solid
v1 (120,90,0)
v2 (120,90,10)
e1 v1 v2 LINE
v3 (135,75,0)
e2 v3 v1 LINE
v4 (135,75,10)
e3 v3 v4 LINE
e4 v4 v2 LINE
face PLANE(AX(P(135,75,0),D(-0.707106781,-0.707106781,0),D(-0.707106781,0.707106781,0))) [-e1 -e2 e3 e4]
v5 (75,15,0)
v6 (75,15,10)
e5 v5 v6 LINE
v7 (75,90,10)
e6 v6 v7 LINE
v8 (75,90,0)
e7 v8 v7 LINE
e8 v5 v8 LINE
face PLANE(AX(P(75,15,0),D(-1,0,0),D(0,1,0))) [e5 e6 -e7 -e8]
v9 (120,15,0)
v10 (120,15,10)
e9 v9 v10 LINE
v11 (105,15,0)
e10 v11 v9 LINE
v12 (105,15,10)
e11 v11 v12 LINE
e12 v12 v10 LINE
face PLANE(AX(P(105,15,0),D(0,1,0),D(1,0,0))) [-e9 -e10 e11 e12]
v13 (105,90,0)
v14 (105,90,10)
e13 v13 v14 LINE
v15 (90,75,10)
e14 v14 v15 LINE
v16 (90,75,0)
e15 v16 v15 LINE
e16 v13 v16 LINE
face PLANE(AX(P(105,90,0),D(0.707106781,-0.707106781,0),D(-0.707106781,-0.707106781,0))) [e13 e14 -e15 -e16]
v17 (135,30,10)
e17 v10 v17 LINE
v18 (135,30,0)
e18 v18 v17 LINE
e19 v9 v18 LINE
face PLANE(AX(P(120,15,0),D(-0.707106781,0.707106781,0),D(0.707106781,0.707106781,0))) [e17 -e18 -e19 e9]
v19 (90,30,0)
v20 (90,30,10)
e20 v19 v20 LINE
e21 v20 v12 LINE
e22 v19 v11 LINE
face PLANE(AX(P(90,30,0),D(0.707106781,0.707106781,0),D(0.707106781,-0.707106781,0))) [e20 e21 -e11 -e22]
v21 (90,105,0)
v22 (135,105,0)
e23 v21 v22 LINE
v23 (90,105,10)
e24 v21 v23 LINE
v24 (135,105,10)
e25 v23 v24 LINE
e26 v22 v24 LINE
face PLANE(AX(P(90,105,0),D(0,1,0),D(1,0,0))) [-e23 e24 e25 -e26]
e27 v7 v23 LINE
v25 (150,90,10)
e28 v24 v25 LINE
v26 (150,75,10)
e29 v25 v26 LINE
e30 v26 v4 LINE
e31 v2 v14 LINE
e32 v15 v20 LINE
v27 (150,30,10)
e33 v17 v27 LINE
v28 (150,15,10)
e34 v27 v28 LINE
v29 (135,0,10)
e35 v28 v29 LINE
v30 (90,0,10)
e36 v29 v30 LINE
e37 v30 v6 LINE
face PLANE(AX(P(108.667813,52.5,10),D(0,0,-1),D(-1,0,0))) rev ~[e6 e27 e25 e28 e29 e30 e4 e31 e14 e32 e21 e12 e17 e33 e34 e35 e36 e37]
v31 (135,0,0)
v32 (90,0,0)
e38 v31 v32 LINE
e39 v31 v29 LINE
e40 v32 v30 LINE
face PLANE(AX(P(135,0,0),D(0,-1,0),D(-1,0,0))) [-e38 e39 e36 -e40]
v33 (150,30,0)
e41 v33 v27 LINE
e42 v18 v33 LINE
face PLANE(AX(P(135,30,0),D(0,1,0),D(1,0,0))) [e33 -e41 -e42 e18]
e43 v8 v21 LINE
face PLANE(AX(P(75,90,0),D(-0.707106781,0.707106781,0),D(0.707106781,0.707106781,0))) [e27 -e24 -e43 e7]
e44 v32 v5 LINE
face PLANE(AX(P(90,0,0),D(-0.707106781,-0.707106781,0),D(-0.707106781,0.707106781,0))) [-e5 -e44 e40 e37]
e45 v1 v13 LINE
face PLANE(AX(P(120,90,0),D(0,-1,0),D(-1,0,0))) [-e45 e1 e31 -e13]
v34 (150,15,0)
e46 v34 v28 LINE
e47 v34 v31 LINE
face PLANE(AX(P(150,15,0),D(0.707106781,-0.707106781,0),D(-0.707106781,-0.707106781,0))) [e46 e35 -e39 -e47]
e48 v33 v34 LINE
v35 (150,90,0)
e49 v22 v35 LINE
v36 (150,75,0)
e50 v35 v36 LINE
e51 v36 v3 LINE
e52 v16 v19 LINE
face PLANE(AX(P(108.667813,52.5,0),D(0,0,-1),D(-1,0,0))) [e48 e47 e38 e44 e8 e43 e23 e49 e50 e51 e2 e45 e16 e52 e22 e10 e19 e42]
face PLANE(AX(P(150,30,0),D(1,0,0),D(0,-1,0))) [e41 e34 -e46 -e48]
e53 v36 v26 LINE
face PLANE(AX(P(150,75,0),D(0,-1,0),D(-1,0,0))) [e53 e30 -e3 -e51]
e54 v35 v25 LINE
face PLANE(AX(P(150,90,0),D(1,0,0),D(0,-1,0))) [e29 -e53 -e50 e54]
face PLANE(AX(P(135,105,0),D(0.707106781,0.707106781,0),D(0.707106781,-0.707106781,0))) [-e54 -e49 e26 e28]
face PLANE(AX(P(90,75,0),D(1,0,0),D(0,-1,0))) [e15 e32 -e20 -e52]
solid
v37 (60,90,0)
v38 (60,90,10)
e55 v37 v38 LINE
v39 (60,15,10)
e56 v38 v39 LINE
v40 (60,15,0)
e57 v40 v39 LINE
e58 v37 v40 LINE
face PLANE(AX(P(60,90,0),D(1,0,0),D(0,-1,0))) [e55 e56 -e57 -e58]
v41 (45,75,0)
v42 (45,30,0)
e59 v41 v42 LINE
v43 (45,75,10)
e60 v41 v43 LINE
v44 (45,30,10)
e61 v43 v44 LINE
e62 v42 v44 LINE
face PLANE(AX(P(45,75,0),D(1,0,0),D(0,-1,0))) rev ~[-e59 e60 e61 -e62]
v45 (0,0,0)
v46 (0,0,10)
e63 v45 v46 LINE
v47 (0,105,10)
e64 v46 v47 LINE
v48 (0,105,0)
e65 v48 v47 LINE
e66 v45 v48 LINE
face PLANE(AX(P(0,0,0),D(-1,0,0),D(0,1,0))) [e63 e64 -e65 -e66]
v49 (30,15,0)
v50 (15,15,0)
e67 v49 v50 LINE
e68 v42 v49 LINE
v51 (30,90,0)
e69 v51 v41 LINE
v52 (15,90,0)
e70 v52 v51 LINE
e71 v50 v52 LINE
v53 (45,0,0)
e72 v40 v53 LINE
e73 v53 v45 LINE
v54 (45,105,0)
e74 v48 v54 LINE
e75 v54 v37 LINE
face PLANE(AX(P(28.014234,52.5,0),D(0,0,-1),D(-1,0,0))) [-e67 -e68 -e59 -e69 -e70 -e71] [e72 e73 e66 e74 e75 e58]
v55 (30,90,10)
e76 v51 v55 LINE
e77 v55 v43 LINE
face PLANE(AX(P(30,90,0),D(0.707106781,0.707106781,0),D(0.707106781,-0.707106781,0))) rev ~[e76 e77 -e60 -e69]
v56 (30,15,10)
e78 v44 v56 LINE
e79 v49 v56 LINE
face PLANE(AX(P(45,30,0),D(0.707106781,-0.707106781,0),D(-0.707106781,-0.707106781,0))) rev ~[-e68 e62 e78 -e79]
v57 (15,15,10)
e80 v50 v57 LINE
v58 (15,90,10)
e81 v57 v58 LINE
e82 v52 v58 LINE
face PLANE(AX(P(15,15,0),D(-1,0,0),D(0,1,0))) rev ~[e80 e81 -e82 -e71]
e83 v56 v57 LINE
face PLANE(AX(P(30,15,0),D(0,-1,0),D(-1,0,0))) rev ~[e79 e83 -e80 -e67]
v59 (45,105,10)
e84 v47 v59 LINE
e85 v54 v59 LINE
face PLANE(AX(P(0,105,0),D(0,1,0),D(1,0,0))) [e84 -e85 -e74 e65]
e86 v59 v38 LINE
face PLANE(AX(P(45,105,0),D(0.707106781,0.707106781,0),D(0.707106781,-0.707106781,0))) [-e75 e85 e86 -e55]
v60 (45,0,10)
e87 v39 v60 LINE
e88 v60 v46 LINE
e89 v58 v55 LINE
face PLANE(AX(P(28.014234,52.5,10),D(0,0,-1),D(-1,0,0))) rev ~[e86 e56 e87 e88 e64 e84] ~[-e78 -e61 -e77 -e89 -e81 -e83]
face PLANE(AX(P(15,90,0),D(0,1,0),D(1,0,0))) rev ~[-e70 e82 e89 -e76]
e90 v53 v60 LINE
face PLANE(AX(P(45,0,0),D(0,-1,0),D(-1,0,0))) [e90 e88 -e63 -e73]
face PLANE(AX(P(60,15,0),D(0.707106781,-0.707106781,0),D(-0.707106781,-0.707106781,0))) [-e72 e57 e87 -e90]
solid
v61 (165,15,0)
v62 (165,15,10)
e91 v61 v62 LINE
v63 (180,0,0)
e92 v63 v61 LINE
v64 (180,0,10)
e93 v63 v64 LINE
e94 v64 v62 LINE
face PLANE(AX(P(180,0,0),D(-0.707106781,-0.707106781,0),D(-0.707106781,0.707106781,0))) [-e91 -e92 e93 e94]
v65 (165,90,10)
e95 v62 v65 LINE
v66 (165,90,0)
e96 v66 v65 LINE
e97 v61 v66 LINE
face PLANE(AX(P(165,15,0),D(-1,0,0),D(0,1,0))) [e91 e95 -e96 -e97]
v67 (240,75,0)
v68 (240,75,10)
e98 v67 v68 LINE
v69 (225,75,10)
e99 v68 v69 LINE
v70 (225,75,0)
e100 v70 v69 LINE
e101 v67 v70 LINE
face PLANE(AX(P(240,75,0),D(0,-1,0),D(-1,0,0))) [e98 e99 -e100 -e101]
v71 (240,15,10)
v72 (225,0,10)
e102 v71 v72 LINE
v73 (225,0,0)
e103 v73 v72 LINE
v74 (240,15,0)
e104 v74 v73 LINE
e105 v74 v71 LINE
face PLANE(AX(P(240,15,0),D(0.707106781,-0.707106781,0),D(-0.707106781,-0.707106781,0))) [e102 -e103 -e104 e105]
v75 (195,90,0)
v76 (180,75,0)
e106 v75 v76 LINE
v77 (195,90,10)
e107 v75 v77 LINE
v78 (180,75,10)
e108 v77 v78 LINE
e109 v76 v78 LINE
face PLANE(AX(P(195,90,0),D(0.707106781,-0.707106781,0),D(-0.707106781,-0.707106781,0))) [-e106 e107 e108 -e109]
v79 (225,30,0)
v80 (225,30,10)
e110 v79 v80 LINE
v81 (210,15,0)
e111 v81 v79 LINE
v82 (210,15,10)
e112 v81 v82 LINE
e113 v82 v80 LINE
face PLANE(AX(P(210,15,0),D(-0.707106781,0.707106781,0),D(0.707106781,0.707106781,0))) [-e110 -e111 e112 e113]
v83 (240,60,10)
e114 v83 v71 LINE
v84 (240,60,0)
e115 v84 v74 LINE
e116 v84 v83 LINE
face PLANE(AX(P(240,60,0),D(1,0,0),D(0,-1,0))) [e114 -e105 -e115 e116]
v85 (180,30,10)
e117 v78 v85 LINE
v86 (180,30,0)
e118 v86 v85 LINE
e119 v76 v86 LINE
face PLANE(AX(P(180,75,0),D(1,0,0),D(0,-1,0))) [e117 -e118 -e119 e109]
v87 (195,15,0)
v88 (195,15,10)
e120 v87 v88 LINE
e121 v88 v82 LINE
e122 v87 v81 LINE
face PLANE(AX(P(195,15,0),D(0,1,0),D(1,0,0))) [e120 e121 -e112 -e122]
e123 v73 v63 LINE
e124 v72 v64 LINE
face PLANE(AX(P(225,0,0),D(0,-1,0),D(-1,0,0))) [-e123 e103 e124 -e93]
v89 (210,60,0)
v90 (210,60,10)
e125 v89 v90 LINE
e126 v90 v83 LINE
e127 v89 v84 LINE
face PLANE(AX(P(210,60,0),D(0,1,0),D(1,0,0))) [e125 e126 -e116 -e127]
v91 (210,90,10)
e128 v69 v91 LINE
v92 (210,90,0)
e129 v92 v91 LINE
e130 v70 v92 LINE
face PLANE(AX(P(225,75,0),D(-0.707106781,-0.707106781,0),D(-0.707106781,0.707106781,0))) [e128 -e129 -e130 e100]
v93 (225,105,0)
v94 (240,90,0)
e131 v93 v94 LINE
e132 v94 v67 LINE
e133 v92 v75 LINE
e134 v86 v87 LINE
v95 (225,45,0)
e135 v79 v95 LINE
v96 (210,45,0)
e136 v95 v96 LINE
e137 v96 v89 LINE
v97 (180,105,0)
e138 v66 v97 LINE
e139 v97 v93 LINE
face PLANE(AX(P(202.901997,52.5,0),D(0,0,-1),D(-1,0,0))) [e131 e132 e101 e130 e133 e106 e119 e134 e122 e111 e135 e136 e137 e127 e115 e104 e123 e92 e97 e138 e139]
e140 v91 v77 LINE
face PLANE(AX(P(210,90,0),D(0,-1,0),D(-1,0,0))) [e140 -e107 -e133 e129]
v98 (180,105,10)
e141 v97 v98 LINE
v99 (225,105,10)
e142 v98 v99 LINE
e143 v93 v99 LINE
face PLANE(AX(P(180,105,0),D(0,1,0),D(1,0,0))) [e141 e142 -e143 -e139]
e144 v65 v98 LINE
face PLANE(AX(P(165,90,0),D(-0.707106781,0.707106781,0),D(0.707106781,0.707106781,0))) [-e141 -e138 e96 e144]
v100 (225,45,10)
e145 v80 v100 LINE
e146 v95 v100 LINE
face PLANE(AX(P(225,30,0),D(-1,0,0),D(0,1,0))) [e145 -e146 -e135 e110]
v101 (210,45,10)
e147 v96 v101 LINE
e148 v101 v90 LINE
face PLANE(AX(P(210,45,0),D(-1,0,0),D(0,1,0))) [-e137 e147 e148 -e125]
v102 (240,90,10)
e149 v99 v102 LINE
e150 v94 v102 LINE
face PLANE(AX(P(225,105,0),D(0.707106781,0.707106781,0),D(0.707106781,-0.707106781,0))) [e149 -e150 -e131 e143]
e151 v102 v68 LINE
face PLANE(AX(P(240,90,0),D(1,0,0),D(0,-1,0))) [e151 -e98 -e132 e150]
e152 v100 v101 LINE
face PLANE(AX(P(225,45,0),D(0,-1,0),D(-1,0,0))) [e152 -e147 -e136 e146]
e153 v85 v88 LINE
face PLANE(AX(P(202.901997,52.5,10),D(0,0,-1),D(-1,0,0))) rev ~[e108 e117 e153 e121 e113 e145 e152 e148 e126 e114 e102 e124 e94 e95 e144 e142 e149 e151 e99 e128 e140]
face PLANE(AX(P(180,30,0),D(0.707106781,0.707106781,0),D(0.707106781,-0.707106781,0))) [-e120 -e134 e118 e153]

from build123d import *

# Parameters (mm, degrees)
EXTRUDE1_DEPTH   = 10
EXTRUDE1_2_DEPTH = 10
EXTRUDE1_3_DEPTH = 10


with BuildPart() as part:
    # Sketch2 → Extrude1 (new body)
    with BuildSketch(Plane.XY):
        Polygon((0, 0), (0, 105), (45, 105), (60, 90), (60, 15), (45, 0), align=None)
        Polygon((15, 90), (30, 90), (45, 75), (45, 30), (30, 15), (15, 15), align=None, mode=Mode.SUBTRACT)
    extrude(amount=EXTRUDE1_DEPTH)


with BuildPart() as body_2:
    # Sketch2 → Extrude1 2 (new body)
    with BuildSketch(Plane.XY):
        Polygon((90, 0), (75, 15), (75, 90), (90, 105), (135, 105), (150, 90), (150, 75), (135, 75), (120, 90), (105, 90), (90, 75), (90, 30), (105, 15), (120, 15), (135, 30), (150, 30), (150, 15), (135, 0), align=None)
    extrude(amount=EXTRUDE1_2_DEPTH)


with BuildPart() as body_3:
    # Sketch2 → Extrude1 3 (new body)
    with BuildSketch(Plane.XY):
        Polygon((180, 0), (165, 15), (165, 90), (180, 105), (225, 105), (240, 90), (240, 75), (225, 75), (210, 90), (195, 90), (180, 75), (180, 30), (195, 15), (210, 15), (225, 30), (225, 45), (210, 45), (210, 60), (240, 60), (240, 15), (225, 0), align=None)
    extrude(amount=EXTRUDE1_3_DEPTH)


solid = Compound([part.part, body_2.part, body_3.part])
